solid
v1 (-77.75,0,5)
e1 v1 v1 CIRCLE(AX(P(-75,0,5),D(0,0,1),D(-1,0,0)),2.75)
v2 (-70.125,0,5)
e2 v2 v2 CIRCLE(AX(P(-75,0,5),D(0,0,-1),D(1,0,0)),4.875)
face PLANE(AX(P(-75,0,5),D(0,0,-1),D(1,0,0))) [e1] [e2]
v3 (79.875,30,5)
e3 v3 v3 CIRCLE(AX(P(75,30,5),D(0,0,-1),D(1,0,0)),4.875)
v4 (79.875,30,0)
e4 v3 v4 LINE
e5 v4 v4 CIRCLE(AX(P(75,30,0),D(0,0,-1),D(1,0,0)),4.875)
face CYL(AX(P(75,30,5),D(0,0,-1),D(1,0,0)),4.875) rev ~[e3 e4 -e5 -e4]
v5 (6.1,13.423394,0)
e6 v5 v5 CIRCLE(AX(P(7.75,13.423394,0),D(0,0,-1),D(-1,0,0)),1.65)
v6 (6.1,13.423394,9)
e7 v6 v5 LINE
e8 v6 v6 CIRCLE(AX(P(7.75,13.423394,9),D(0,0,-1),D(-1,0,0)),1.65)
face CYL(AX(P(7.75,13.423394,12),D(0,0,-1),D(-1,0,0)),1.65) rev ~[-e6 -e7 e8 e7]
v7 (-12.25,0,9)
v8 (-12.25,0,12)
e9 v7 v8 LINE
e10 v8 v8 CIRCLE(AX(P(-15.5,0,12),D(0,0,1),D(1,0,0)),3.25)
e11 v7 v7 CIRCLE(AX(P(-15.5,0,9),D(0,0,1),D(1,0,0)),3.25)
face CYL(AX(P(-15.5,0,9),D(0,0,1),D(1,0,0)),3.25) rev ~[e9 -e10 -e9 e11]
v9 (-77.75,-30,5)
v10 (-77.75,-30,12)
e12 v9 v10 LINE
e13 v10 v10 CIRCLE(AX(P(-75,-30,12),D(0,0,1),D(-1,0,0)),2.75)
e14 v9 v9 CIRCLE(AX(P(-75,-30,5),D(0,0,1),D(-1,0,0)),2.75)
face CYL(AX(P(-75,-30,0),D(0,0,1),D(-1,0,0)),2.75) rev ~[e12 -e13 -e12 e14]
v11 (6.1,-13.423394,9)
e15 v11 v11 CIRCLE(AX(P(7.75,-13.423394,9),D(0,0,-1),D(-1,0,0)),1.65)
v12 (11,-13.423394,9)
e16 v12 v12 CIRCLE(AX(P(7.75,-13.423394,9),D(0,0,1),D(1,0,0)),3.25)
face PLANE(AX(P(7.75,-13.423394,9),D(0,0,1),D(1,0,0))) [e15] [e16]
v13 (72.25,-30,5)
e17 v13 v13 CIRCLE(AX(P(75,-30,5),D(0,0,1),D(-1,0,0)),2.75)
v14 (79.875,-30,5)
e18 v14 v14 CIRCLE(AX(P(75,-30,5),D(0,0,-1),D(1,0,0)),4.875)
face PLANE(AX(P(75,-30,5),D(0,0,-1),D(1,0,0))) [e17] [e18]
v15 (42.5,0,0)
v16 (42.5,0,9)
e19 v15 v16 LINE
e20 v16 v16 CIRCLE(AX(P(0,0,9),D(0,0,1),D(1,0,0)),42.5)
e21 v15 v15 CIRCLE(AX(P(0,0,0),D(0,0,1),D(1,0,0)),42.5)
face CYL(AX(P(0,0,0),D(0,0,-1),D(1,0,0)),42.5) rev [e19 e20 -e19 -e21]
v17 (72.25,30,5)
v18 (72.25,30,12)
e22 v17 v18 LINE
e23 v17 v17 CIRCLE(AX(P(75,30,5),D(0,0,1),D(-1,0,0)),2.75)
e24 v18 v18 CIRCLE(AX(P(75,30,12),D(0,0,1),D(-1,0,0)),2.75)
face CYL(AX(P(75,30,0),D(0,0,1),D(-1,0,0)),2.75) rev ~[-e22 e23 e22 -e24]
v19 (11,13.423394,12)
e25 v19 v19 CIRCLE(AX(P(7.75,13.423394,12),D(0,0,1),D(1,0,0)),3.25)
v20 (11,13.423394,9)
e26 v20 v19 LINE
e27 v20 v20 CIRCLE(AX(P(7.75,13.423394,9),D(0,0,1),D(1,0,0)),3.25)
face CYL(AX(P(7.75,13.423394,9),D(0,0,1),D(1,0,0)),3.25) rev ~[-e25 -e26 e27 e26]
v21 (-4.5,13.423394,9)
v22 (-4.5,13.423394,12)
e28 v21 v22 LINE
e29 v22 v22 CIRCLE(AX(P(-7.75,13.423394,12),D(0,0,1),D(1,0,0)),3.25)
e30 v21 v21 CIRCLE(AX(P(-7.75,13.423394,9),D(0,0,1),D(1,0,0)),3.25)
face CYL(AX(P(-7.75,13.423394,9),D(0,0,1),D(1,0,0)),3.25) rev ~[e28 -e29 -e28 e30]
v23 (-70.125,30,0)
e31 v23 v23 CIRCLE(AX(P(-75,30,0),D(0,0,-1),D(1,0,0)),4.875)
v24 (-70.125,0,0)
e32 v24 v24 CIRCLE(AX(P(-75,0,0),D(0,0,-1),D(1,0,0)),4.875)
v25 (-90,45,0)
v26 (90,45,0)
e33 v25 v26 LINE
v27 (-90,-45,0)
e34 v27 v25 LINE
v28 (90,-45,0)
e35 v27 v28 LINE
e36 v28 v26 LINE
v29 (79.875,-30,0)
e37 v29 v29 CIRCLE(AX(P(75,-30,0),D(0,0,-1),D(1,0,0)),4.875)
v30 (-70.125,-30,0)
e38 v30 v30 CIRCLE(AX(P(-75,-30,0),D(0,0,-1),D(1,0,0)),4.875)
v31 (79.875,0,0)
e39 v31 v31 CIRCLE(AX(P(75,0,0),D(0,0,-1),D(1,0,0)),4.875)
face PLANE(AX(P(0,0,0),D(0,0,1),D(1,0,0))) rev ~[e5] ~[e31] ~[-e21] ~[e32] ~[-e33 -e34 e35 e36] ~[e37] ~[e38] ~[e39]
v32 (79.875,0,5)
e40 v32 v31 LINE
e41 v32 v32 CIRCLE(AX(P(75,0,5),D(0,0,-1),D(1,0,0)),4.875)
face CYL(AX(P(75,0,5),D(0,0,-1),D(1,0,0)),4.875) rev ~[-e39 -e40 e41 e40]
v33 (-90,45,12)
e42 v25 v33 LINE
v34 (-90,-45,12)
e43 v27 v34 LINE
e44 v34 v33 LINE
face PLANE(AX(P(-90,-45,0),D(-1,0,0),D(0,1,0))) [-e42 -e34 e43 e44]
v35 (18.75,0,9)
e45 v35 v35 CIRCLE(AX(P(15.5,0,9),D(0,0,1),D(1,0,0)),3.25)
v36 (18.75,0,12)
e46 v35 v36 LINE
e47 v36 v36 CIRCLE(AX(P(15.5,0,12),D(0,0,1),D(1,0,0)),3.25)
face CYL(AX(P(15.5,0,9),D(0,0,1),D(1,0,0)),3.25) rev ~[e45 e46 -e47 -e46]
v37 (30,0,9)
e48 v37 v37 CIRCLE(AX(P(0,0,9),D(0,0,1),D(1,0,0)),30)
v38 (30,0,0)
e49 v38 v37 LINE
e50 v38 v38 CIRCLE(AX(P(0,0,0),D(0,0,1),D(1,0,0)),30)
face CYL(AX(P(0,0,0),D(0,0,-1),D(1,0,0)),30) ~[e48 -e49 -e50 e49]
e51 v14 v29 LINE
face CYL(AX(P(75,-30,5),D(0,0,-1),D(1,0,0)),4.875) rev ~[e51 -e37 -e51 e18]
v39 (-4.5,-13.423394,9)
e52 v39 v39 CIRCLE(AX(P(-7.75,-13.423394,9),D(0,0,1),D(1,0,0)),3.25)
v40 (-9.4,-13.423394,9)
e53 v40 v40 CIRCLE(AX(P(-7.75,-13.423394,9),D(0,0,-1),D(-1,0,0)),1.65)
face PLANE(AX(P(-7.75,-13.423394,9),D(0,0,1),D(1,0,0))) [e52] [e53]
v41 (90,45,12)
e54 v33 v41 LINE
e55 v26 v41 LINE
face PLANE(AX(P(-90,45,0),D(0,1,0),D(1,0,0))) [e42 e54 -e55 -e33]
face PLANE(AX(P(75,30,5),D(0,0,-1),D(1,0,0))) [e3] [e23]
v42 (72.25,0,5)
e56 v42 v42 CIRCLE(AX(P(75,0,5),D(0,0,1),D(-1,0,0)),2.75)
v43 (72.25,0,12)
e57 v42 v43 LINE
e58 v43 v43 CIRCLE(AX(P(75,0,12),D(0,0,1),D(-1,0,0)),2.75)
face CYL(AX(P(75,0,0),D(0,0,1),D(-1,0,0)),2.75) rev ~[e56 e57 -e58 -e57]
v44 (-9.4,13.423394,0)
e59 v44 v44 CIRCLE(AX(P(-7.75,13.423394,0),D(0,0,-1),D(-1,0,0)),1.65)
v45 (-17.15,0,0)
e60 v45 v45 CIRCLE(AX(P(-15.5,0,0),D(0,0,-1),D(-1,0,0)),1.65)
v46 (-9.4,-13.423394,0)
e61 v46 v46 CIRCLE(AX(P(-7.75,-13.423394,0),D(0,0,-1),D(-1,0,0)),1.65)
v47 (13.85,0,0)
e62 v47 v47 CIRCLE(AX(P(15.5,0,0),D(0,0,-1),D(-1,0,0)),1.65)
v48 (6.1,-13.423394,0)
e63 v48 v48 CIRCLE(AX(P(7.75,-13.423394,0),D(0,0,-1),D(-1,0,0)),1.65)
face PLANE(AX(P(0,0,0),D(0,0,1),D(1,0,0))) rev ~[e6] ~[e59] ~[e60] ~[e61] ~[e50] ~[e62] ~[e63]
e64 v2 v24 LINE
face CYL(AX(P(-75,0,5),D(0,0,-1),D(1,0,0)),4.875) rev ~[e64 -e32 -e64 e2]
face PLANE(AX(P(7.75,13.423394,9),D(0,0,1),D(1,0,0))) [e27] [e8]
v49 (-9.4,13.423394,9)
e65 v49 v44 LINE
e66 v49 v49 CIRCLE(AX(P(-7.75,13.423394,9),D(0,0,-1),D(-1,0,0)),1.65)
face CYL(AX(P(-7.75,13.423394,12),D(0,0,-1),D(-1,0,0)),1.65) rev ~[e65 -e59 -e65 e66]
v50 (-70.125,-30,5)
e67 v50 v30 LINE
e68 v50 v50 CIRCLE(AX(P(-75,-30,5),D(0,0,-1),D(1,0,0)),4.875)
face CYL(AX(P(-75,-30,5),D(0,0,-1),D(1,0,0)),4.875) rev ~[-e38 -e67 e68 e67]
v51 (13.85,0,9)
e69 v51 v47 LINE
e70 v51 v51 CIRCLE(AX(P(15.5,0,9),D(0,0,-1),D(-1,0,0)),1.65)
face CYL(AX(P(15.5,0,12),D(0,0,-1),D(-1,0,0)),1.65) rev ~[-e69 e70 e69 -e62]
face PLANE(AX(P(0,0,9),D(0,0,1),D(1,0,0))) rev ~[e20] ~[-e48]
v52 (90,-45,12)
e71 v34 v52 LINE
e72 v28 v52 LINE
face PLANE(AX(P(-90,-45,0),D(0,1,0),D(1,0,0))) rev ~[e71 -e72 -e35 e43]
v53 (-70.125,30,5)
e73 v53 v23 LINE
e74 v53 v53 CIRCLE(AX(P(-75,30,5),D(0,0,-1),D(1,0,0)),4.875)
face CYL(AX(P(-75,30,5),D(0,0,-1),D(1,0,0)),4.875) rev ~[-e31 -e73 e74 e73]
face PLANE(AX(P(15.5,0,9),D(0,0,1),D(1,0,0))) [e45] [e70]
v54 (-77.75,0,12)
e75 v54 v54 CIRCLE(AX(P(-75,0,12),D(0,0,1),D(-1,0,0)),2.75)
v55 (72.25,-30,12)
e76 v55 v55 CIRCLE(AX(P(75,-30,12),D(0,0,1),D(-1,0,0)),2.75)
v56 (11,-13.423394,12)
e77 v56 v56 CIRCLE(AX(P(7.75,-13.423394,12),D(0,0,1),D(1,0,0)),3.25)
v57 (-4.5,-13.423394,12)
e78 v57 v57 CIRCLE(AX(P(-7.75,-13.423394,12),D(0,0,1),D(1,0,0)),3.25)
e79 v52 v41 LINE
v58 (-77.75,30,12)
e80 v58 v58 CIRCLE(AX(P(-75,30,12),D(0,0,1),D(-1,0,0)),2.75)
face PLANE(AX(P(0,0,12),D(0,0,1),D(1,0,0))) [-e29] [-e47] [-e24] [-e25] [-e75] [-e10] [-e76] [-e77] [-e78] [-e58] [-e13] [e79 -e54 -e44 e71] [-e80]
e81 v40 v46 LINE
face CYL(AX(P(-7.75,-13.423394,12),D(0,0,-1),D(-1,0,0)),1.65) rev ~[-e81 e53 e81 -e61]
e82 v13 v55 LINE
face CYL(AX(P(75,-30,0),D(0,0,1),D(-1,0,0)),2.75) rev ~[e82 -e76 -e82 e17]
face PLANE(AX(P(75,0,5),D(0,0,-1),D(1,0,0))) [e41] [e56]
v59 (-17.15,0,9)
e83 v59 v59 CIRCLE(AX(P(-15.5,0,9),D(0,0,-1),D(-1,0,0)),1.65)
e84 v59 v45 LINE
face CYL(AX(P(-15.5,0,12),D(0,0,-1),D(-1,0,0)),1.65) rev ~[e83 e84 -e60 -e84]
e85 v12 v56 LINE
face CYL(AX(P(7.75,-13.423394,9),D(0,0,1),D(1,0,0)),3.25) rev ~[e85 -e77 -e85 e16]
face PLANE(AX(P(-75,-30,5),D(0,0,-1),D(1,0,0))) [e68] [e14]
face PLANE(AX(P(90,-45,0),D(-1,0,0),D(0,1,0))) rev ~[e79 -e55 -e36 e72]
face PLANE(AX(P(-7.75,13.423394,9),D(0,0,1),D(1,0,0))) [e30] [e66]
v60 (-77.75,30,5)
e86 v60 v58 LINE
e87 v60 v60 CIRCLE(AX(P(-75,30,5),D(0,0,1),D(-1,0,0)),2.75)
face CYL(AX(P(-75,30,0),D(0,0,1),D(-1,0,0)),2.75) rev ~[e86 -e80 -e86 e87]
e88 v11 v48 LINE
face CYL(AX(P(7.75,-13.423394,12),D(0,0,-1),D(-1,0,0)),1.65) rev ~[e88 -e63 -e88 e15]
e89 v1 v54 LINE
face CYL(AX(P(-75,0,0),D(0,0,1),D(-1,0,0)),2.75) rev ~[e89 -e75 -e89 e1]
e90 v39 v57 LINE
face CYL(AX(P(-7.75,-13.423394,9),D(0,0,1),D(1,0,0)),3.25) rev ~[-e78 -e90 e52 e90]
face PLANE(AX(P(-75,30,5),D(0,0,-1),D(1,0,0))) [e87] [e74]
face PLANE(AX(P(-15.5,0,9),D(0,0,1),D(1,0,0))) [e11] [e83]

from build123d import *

# Parameters (mm, degrees)
F0_W           = 180
F0_H           = 90
F0_R           = 42.5
F0_R_2         = 30
F1_DEPTH       = 12
F2_D           = 5.5
F2_CBORE_D     = 9.75
F2_CBORE_DEPTH = 5
F4_D           = 3.3
F4_CBORE_D     = 6.5
F4_CBORE_DEPTH = 3
F5_DEPTH       = 9


with BuildPart() as f1:
    # F0 (on Top) → F1 (new body)
    with BuildSketch(Plane.XY):
        Rectangle(F0_W, F0_H)
        Circle(F0_R, mode=Mode.SUBTRACT)
        Circle(F0_R)
        Circle(F0_R_2, mode=Mode.SUBTRACT)
        Circle(F0_R_2)
    extrude(amount=F1_DEPTH)

    # F2 (through all)
    with Locations(Plane(origin=(0, 0, 0), x_dir=(1, 0, 0), z_dir=(0, 0, -1))):
        with Locations((75, 30), (75, 0), (75, -30), (-75, -30), (-75, 0), (-75, 30)):
            CounterBoreHole(F2_D / 2, F2_CBORE_D / 2, F2_CBORE_DEPTH)

    # F4 (through all)
    with Locations(Plane.XY.offset(12)):
        with Locations((-15.5, 0), (-7.75, 13.4233937587), (7.75, 13.4233937587), (15.5, 0), (7.75, -13.4233937587), (-7.75, -13.4233937587)):
            CounterBoreHole(F4_D / 2, F4_CBORE_D / 2, F4_CBORE_DEPTH)

    # F0 (on Top) → F5 (cut)
    with BuildSketch(Plane.XY):
        Circle(F0_R)
        Circle(F0_R_2, mode=Mode.SUBTRACT)
    extrude(amount=F5_DEPTH, mode=Mode.SUBTRACT)


solid = f1.part
